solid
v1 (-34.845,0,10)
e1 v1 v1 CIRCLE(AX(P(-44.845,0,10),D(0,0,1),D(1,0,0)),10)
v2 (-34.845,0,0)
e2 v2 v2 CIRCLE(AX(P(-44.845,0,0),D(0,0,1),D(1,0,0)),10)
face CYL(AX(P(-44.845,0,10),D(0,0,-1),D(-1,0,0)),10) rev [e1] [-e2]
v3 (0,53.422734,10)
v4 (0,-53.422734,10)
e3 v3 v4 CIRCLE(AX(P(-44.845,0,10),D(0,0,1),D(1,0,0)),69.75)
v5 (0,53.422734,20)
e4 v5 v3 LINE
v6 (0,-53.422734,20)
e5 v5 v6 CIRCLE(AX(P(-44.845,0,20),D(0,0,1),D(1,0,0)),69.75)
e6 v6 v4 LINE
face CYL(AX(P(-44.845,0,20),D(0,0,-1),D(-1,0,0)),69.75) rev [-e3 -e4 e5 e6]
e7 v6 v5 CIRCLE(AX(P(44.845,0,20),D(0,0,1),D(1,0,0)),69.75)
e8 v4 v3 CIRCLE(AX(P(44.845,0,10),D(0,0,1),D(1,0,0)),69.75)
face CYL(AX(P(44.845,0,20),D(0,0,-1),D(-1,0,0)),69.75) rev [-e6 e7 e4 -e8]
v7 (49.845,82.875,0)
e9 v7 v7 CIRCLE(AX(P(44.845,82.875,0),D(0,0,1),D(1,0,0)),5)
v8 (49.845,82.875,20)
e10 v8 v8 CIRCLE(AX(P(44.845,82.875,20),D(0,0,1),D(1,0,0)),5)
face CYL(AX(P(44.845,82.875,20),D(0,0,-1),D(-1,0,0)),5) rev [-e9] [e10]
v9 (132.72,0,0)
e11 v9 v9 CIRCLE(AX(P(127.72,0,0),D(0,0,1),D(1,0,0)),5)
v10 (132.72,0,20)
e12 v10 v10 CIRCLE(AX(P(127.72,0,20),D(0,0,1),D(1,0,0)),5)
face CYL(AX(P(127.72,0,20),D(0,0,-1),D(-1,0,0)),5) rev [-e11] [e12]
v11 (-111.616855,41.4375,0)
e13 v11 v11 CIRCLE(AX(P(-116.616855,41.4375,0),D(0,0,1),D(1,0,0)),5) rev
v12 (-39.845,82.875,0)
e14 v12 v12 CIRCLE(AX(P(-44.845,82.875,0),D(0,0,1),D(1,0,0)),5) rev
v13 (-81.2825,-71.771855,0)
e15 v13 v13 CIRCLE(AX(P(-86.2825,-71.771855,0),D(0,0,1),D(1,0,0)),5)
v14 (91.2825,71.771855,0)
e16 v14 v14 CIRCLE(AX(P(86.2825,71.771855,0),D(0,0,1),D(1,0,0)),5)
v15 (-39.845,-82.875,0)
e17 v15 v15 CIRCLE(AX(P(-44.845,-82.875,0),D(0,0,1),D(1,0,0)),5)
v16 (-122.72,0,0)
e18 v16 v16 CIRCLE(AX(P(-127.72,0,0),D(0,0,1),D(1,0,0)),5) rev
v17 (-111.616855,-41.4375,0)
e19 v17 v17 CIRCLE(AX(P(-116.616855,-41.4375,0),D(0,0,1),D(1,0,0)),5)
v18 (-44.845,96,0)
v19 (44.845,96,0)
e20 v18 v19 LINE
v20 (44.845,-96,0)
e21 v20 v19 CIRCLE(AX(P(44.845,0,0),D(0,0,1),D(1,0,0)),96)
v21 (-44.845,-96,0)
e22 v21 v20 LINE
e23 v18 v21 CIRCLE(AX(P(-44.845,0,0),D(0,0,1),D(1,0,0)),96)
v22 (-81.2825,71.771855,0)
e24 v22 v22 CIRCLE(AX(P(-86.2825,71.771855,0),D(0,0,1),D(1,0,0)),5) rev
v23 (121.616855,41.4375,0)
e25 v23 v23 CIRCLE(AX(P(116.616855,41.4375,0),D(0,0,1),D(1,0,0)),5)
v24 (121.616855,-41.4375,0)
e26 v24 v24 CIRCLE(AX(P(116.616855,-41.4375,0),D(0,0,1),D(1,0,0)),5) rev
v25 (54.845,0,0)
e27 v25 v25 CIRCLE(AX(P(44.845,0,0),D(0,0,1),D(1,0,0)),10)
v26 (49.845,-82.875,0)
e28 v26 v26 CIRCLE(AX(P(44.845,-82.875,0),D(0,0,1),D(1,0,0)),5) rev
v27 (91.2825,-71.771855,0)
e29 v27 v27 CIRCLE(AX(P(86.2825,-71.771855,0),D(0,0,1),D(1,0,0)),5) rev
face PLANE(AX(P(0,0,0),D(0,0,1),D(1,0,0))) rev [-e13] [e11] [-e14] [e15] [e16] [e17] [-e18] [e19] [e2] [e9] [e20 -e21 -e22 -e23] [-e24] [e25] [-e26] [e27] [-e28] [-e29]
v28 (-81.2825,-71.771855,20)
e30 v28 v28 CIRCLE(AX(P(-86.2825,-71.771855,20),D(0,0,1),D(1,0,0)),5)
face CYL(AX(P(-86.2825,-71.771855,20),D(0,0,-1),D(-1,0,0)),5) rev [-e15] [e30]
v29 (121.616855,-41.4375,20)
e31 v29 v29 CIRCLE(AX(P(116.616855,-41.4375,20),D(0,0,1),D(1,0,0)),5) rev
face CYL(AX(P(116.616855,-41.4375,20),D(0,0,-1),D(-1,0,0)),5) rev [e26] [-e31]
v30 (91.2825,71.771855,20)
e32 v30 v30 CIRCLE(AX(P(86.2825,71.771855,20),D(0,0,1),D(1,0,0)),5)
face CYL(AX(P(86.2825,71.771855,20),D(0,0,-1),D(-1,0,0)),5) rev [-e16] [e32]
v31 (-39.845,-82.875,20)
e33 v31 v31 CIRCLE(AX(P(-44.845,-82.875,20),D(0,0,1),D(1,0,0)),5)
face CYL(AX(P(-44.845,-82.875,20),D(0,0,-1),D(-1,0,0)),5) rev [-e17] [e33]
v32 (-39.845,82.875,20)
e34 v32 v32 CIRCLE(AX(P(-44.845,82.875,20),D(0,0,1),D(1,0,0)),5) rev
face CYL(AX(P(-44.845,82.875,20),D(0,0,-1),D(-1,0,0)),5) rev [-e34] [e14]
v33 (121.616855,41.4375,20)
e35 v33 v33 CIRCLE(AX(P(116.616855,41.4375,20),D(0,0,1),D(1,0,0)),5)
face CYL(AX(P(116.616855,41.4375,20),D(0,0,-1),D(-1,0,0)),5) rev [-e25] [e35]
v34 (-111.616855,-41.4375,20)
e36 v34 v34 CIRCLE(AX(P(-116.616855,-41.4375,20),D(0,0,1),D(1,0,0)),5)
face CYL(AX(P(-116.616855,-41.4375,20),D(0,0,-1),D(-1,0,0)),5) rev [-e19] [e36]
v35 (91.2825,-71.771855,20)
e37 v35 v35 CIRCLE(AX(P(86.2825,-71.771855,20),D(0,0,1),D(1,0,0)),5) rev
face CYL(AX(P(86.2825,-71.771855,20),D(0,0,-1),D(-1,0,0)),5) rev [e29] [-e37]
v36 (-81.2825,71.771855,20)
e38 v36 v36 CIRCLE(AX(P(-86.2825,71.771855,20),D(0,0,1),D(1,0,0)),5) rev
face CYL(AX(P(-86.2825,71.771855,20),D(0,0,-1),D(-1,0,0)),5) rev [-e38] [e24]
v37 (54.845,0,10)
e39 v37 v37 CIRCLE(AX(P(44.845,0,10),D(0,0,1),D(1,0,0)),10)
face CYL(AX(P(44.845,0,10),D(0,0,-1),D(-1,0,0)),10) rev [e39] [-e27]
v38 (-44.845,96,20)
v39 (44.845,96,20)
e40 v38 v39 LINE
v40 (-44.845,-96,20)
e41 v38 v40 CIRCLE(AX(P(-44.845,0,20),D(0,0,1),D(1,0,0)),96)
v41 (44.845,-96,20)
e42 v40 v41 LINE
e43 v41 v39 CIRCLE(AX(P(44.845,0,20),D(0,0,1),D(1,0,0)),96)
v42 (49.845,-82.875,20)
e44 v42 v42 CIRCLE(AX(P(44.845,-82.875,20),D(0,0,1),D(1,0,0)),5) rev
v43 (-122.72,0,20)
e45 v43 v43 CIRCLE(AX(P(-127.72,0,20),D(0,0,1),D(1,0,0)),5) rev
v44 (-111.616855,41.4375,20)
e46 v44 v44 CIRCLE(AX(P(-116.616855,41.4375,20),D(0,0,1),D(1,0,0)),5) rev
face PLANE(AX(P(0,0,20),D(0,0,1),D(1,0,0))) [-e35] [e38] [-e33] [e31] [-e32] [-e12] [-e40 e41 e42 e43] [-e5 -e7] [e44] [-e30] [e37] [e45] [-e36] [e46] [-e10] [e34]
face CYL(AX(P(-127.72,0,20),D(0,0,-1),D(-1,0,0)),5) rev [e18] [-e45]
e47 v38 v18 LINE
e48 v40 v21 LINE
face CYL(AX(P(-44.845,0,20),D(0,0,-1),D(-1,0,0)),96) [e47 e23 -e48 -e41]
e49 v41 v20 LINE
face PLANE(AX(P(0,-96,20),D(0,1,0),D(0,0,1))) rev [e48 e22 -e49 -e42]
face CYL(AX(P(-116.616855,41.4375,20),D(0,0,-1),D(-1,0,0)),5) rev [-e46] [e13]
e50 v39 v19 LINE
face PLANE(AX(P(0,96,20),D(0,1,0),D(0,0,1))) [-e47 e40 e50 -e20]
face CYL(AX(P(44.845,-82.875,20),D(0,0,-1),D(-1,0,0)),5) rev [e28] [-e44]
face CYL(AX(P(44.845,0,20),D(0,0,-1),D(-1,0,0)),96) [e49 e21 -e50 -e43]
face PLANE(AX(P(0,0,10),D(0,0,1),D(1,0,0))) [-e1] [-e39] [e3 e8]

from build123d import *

# Parameters (mm, degrees)
IZIM1_R                     = 5
Y_KSEKLIK_EKSTR_ZYON1_DEPTH = 20
IZIM1_3_R                   = 10
Y_KSEKLIK_EKSTR_ZYON2_DEPTH = 10
Y_KSEKLIK_EKSTR_ZYON3_DEPTH = 20


with BuildPart() as part:
    # Çizim1 → Yükseklik-Ekstrüzyon1 (new body)
    with BuildSketch(Plane.XY):
        with BuildLine():
            ThreePointArc((-44.845, 96), (-140.845, 0), (-44.845, -96))
            ThreePointArc((-44.845, -96), (-21.743660159, -93.179011035), (0, -84.881835365))
            ThreePointArc((0, -84.881835365), (21.743660159, -93.179011035), (44.845, -96))
            ThreePointArc((44.845, -96), (140.845, 0), (44.845, 96))
            ThreePointArc((44.845, 96), (21.743660159, 93.179011035), (0, 84.881835365))
            ThreePointArc((0, 84.881835365), (-21.743660159, 93.179011035), (-44.845, 96))
        make_face()
        with Locations((-86.2825, -71.771855339)):
            Circle(IZIM1_R, mode=Mode.SUBTRACT)
        with Locations((-44.845, -82.875)):
            Circle(IZIM1_R, mode=Mode.SUBTRACT)
        with Locations((-116.616855339, -41.4375)):
            Circle(IZIM1_R, mode=Mode.SUBTRACT)
        with Locations((44.845, -82.875)):
            Circle(IZIM1_R, mode=Mode.SUBTRACT)
        with Locations((86.2825, -71.771855339)):
            Circle(IZIM1_R, mode=Mode.SUBTRACT)
        with Locations((116.616855339, -41.4375)):
            Circle(IZIM1_R, mode=Mode.SUBTRACT)
        with Locations((-127.72, 0)):
            Circle(IZIM1_R, mode=Mode.SUBTRACT)
        with Locations((-116.616855339, 41.4375)):
            Circle(IZIM1_R, mode=Mode.SUBTRACT)
        with Locations((-86.2825, 71.771855339)):
            Circle(IZIM1_R, mode=Mode.SUBTRACT)
        with Locations((-44.845, 82.875)):
            Circle(IZIM1_R, mode=Mode.SUBTRACT)
        with BuildLine():
            ThreePointArc((0, -53.422733691), (-114.595, 0), (0, 53.422733691))
            ThreePointArc((0, 53.422733691), (114.595, 0), (0, -53.422733691))
        make_face(mode=Mode.SUBTRACT)
        with Locations((127.72, 0)):
            Circle(IZIM1_R, mode=Mode.SUBTRACT)
        with Locations((116.616855339, 41.4375)):
            Circle(IZIM1_R, mode=Mode.SUBTRACT)
        with Locations((44.845, 82.875)):
            Circle(IZIM1_R, mode=Mode.SUBTRACT)
        with Locations((86.2825, 71.771855339)):
            Circle(IZIM1_R, mode=Mode.SUBTRACT)
    extrude(amount=Y_KSEKLIK_EKSTR_ZYON1_DEPTH)

    # Çizim1<3> → Yükseklik-Ekstrüzyon2 (add)
    with BuildSketch(Plane.XY):
        with BuildLine():
            ThreePointArc((0, -53.422733691), (114.595, 0), (0, 53.422733691))
            ThreePointArc((0, 53.422733691), (-114.595, 0), (0, -53.422733691))
        make_face()
        with Locations((-44.845, 0)):
            Circle(IZIM1_3_R, mode=Mode.SUBTRACT)
        with Locations((44.845, 0)):
            Circle(IZIM1_3_R, mode=Mode.SUBTRACT)
    extrude(amount=Y_KSEKLIK_EKSTR_ZYON2_DEPTH)

    # Çizim1<5> → Yükseklik-Ekstrüzyon3 (add)
    with BuildSketch(Plane.XY):
        with BuildLine():
            ThreePointArc((0, -84.881835365), (-21.743660159, -93.179011035), (-44.845, -96))
            Line((-44.845, -96), (44.845, -96))
            ThreePointArc((44.845, -96), (21.743660159, -93.179011035), (0, -84.881835365))
        make_face()
        with BuildLine():
            Line((44.845, 96), (-44.845, 96))
            ThreePointArc((-44.845, 96), (-21.743660159, 93.179011035), (0, 84.881835365))
            ThreePointArc((0, 84.881835365), (21.743660159, 93.179011035), (44.845, 96))
        make_face()
    extrude(amount=Y_KSEKLIK_EKSTR_ZYON3_DEPTH)


solid = part.part
